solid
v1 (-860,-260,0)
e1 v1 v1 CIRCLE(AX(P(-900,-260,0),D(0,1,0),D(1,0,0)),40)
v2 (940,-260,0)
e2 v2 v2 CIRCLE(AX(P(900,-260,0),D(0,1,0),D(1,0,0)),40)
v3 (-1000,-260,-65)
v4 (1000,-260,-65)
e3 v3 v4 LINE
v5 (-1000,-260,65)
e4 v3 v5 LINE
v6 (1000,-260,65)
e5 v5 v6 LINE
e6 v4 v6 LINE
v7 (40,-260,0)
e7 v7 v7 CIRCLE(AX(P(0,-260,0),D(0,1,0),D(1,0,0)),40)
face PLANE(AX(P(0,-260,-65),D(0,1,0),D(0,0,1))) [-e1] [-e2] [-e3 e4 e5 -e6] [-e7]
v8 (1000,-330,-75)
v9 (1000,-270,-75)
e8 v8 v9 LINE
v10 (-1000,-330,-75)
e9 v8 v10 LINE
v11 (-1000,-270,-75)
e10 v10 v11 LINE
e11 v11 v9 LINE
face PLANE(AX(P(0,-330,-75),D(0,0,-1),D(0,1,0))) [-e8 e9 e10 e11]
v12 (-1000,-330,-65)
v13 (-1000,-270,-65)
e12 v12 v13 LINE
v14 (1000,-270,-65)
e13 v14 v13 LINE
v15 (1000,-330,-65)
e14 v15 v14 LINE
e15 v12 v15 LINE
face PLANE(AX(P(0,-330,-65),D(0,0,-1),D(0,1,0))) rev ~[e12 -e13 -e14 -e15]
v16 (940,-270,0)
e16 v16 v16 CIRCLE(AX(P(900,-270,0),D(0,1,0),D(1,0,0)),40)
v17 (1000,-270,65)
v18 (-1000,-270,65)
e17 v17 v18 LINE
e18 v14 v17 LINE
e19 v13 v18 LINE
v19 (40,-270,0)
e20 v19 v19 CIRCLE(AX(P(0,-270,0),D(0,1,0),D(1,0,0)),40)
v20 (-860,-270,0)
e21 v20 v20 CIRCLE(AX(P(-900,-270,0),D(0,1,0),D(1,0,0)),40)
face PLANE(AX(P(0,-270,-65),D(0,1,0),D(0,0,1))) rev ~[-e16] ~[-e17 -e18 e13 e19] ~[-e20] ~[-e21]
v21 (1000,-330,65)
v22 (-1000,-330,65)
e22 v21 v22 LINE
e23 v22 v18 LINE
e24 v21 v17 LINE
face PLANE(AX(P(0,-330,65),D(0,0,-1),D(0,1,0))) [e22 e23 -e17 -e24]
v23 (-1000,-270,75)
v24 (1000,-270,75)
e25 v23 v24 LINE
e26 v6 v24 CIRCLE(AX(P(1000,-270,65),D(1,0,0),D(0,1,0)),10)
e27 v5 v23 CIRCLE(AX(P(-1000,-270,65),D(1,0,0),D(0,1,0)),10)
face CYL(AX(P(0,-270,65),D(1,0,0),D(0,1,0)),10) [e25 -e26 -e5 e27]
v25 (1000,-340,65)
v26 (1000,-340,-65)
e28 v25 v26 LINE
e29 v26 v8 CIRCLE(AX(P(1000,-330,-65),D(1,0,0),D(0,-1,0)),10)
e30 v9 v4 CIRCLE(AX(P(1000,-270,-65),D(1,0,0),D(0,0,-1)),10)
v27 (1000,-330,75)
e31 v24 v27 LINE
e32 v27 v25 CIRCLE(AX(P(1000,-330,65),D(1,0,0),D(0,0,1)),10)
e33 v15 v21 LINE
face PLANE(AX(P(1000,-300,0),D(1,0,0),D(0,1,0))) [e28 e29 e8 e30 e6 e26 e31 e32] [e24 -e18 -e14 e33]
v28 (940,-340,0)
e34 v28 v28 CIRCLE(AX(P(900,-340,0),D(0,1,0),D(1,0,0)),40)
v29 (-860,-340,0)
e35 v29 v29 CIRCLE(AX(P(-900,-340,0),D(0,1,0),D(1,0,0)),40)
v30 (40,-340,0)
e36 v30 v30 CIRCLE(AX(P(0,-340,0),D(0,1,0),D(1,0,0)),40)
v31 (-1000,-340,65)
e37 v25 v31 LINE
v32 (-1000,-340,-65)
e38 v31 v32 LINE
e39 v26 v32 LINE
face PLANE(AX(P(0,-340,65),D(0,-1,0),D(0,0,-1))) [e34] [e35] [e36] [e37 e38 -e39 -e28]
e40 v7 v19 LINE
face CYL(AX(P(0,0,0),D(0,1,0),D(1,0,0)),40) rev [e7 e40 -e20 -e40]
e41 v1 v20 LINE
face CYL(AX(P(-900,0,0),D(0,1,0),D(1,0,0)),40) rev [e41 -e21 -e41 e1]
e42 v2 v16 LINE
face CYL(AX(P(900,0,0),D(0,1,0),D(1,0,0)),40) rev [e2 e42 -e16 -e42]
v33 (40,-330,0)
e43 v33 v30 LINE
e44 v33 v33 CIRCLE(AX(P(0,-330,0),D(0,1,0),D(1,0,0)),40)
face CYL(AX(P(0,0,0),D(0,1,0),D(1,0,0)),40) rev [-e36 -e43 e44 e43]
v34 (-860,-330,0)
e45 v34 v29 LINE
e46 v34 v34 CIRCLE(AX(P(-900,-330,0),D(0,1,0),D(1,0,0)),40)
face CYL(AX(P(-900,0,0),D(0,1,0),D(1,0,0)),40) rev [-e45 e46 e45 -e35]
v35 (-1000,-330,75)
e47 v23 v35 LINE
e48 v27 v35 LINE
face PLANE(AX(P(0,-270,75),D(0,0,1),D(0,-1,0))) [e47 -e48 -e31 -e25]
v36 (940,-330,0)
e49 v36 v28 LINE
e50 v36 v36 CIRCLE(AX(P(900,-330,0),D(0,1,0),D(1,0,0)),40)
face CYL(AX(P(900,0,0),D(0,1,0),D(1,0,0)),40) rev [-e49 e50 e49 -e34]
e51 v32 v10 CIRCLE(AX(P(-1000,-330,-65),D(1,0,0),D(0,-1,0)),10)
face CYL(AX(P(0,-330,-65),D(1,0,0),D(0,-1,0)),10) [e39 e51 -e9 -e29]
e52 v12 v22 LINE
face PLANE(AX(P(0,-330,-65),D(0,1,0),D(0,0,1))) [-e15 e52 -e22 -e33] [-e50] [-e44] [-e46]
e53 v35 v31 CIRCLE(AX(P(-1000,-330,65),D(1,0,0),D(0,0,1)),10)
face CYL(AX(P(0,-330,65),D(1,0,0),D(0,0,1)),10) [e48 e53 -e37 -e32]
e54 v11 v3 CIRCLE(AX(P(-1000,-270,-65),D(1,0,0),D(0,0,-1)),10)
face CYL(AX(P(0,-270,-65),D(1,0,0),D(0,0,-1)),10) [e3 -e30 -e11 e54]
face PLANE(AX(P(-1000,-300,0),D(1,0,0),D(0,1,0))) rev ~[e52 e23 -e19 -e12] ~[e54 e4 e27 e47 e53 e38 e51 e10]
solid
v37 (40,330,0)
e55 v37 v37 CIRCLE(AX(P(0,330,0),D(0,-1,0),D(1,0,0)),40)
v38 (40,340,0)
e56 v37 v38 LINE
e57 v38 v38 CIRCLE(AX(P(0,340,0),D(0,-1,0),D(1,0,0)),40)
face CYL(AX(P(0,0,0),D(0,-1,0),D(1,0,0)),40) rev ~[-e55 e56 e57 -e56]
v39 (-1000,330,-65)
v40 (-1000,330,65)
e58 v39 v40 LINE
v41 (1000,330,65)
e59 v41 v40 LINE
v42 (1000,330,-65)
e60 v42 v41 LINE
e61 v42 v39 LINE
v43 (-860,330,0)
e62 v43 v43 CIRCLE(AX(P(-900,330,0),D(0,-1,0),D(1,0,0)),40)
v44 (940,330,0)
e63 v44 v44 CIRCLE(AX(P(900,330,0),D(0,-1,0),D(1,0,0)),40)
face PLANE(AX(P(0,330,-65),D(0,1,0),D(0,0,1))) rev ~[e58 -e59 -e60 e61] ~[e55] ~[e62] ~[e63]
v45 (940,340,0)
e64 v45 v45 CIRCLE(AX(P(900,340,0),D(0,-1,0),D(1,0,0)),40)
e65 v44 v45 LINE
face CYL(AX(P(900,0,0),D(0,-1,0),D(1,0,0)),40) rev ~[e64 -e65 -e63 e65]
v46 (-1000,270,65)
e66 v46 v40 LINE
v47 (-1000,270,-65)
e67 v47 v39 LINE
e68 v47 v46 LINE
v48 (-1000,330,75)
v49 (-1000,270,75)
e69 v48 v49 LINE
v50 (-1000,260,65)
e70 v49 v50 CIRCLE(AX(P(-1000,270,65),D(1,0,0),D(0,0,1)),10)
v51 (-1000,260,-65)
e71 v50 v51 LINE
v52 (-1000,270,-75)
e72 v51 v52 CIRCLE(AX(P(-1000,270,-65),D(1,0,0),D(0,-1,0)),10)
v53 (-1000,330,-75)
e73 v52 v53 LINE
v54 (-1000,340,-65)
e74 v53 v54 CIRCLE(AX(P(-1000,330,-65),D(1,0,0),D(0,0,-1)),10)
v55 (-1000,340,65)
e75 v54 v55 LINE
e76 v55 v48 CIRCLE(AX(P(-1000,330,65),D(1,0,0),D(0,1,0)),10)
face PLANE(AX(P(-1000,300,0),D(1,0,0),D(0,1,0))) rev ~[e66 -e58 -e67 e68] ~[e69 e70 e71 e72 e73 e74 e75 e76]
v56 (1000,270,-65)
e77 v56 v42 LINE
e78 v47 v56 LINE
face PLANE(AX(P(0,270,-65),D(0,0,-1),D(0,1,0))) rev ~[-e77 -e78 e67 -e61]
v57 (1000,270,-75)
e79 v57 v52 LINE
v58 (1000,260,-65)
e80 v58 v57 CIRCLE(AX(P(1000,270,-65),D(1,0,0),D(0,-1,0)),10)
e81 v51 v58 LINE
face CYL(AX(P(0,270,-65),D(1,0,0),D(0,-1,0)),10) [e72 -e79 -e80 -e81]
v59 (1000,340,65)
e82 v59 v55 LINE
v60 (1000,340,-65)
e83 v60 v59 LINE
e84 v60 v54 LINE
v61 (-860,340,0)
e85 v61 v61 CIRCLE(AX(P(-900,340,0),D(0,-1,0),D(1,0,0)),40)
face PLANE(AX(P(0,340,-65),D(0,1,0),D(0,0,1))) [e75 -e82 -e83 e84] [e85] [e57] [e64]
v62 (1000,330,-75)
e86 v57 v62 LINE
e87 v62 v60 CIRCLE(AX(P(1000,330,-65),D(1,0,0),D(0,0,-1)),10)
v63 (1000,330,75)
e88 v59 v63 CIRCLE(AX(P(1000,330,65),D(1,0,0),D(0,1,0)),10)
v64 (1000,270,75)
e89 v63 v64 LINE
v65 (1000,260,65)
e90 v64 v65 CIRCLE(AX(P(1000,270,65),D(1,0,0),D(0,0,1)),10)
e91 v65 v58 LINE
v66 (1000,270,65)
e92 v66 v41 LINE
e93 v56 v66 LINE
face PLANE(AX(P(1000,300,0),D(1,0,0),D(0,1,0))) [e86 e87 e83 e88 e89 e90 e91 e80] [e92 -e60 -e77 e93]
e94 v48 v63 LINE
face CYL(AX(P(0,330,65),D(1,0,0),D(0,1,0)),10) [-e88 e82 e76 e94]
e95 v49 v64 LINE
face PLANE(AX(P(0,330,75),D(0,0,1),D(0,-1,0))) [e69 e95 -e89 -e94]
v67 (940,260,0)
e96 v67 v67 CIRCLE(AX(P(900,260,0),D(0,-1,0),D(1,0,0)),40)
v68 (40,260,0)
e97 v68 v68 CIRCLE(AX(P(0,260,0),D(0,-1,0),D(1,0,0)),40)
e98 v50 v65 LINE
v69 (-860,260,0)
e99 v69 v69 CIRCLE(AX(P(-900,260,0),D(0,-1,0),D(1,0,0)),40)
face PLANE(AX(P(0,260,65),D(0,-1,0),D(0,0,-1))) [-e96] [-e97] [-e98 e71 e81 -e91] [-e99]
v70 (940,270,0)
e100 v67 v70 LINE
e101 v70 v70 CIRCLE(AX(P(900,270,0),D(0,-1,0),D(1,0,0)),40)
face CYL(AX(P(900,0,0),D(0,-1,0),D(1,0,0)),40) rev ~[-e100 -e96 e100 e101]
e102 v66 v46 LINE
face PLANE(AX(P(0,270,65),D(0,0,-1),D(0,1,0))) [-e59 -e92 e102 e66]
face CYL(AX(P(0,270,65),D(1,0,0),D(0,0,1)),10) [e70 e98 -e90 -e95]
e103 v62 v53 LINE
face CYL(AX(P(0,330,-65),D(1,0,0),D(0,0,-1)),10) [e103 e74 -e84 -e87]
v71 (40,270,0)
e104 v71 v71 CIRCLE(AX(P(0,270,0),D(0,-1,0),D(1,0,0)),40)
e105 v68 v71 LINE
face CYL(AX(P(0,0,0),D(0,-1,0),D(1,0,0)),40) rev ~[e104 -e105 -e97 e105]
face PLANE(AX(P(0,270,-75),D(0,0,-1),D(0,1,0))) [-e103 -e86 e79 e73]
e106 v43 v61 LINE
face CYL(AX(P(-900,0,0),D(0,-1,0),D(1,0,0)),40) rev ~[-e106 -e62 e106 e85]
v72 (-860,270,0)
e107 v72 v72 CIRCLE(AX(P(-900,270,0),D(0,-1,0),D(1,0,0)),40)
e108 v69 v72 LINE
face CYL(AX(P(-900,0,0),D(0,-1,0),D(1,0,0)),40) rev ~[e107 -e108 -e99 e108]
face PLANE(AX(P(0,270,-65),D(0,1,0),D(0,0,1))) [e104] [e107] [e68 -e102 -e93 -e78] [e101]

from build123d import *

# Parameters (mm, degrees)
F0_W          = 60
F0_H          = 130
F1_DEPTH      = 1000
F2_R          = 40
F3_DEPTH      = 340.001
F3_DEPTH_BACK = 340.001


with BuildPart() as f1:
    # F0 (on Right) → F1 (new body, symmetric)
    with BuildSketch(Plane.YZ):
        with BuildLine():
            Line((-330, -75), (-270, -75))
            ThreePointArc((-270, -75), (-262.9289321881, -72.0710678119), (-260, -65))
            Line((-260, -65), (-260, 65))
            ThreePointArc((-260, 65), (-262.9289321881, 72.0710678119), (-270, 75))
            Line((-270, 75), (-330, 75))
            ThreePointArc((-330, 75), (-337.0710678119, 72.0710678119), (-340, 65))
            Line((-340, 65), (-340, -65))
            ThreePointArc((-340, -65), (-337.0710678119, -72.0710678119), (-330, -75))
        make_face()
        with Locations((-300, 0)):
            Rectangle(F0_W, F0_H, mode=Mode.SUBTRACT)
    extrude(amount=F1_DEPTH, both=True)


with BuildPart() as f1b:
    # F0 (on Right) → F1, piece 2 (new body, symmetric)
    with BuildSketch(Plane.YZ):
        with BuildLine():
            ThreePointArc((340, 65), (337.0710678119, 72.0710678119), (330, 75))
            Line((330, 75), (270, 75))
            ThreePointArc((270, 75), (262.9289321881, 72.0710678119), (260, 65))
            Line((260, 65), (260, -65))
            ThreePointArc((260, -65), (262.9289321881, -72.0710678119), (270, -75))
            Line((270, -75), (330, -75))
            ThreePointArc((330, -75), (337.0710678119, -72.0710678119), (340, -65))
            Line((340, -65), (340, 65))
        make_face()
        with Locations((300, 0)):
            Rectangle(F0_W, F0_H, mode=Mode.SUBTRACT)
    extrude(amount=F1_DEPTH, both=True)


with BuildPart() as f3_tool:
    # F2 (on Front) → F3 (new body, two sides)
    with BuildSketch(Plane.XZ) as f3_sk:
        with Locations((900, 0)):
            Circle(F2_R)
        Circle(F2_R)
        with Locations((-900, 0)):
            Circle(F2_R)
    extrude(amount=-F3_DEPTH)
    extrude(f3_sk.sketch, amount=F3_DEPTH_BACK)


with BuildPart() as f1_1:
    add(f1.part)

    # F3: cut by f3_tool
    add(f3_tool.part, mode=Mode.SUBTRACT)


with BuildPart() as f1b_1:
    add(f1b.part)

    # F3: cut by f3_tool
    add(f3_tool.part, mode=Mode.SUBTRACT)


solid = Compound([f1_1.part, f1b_1.part])
